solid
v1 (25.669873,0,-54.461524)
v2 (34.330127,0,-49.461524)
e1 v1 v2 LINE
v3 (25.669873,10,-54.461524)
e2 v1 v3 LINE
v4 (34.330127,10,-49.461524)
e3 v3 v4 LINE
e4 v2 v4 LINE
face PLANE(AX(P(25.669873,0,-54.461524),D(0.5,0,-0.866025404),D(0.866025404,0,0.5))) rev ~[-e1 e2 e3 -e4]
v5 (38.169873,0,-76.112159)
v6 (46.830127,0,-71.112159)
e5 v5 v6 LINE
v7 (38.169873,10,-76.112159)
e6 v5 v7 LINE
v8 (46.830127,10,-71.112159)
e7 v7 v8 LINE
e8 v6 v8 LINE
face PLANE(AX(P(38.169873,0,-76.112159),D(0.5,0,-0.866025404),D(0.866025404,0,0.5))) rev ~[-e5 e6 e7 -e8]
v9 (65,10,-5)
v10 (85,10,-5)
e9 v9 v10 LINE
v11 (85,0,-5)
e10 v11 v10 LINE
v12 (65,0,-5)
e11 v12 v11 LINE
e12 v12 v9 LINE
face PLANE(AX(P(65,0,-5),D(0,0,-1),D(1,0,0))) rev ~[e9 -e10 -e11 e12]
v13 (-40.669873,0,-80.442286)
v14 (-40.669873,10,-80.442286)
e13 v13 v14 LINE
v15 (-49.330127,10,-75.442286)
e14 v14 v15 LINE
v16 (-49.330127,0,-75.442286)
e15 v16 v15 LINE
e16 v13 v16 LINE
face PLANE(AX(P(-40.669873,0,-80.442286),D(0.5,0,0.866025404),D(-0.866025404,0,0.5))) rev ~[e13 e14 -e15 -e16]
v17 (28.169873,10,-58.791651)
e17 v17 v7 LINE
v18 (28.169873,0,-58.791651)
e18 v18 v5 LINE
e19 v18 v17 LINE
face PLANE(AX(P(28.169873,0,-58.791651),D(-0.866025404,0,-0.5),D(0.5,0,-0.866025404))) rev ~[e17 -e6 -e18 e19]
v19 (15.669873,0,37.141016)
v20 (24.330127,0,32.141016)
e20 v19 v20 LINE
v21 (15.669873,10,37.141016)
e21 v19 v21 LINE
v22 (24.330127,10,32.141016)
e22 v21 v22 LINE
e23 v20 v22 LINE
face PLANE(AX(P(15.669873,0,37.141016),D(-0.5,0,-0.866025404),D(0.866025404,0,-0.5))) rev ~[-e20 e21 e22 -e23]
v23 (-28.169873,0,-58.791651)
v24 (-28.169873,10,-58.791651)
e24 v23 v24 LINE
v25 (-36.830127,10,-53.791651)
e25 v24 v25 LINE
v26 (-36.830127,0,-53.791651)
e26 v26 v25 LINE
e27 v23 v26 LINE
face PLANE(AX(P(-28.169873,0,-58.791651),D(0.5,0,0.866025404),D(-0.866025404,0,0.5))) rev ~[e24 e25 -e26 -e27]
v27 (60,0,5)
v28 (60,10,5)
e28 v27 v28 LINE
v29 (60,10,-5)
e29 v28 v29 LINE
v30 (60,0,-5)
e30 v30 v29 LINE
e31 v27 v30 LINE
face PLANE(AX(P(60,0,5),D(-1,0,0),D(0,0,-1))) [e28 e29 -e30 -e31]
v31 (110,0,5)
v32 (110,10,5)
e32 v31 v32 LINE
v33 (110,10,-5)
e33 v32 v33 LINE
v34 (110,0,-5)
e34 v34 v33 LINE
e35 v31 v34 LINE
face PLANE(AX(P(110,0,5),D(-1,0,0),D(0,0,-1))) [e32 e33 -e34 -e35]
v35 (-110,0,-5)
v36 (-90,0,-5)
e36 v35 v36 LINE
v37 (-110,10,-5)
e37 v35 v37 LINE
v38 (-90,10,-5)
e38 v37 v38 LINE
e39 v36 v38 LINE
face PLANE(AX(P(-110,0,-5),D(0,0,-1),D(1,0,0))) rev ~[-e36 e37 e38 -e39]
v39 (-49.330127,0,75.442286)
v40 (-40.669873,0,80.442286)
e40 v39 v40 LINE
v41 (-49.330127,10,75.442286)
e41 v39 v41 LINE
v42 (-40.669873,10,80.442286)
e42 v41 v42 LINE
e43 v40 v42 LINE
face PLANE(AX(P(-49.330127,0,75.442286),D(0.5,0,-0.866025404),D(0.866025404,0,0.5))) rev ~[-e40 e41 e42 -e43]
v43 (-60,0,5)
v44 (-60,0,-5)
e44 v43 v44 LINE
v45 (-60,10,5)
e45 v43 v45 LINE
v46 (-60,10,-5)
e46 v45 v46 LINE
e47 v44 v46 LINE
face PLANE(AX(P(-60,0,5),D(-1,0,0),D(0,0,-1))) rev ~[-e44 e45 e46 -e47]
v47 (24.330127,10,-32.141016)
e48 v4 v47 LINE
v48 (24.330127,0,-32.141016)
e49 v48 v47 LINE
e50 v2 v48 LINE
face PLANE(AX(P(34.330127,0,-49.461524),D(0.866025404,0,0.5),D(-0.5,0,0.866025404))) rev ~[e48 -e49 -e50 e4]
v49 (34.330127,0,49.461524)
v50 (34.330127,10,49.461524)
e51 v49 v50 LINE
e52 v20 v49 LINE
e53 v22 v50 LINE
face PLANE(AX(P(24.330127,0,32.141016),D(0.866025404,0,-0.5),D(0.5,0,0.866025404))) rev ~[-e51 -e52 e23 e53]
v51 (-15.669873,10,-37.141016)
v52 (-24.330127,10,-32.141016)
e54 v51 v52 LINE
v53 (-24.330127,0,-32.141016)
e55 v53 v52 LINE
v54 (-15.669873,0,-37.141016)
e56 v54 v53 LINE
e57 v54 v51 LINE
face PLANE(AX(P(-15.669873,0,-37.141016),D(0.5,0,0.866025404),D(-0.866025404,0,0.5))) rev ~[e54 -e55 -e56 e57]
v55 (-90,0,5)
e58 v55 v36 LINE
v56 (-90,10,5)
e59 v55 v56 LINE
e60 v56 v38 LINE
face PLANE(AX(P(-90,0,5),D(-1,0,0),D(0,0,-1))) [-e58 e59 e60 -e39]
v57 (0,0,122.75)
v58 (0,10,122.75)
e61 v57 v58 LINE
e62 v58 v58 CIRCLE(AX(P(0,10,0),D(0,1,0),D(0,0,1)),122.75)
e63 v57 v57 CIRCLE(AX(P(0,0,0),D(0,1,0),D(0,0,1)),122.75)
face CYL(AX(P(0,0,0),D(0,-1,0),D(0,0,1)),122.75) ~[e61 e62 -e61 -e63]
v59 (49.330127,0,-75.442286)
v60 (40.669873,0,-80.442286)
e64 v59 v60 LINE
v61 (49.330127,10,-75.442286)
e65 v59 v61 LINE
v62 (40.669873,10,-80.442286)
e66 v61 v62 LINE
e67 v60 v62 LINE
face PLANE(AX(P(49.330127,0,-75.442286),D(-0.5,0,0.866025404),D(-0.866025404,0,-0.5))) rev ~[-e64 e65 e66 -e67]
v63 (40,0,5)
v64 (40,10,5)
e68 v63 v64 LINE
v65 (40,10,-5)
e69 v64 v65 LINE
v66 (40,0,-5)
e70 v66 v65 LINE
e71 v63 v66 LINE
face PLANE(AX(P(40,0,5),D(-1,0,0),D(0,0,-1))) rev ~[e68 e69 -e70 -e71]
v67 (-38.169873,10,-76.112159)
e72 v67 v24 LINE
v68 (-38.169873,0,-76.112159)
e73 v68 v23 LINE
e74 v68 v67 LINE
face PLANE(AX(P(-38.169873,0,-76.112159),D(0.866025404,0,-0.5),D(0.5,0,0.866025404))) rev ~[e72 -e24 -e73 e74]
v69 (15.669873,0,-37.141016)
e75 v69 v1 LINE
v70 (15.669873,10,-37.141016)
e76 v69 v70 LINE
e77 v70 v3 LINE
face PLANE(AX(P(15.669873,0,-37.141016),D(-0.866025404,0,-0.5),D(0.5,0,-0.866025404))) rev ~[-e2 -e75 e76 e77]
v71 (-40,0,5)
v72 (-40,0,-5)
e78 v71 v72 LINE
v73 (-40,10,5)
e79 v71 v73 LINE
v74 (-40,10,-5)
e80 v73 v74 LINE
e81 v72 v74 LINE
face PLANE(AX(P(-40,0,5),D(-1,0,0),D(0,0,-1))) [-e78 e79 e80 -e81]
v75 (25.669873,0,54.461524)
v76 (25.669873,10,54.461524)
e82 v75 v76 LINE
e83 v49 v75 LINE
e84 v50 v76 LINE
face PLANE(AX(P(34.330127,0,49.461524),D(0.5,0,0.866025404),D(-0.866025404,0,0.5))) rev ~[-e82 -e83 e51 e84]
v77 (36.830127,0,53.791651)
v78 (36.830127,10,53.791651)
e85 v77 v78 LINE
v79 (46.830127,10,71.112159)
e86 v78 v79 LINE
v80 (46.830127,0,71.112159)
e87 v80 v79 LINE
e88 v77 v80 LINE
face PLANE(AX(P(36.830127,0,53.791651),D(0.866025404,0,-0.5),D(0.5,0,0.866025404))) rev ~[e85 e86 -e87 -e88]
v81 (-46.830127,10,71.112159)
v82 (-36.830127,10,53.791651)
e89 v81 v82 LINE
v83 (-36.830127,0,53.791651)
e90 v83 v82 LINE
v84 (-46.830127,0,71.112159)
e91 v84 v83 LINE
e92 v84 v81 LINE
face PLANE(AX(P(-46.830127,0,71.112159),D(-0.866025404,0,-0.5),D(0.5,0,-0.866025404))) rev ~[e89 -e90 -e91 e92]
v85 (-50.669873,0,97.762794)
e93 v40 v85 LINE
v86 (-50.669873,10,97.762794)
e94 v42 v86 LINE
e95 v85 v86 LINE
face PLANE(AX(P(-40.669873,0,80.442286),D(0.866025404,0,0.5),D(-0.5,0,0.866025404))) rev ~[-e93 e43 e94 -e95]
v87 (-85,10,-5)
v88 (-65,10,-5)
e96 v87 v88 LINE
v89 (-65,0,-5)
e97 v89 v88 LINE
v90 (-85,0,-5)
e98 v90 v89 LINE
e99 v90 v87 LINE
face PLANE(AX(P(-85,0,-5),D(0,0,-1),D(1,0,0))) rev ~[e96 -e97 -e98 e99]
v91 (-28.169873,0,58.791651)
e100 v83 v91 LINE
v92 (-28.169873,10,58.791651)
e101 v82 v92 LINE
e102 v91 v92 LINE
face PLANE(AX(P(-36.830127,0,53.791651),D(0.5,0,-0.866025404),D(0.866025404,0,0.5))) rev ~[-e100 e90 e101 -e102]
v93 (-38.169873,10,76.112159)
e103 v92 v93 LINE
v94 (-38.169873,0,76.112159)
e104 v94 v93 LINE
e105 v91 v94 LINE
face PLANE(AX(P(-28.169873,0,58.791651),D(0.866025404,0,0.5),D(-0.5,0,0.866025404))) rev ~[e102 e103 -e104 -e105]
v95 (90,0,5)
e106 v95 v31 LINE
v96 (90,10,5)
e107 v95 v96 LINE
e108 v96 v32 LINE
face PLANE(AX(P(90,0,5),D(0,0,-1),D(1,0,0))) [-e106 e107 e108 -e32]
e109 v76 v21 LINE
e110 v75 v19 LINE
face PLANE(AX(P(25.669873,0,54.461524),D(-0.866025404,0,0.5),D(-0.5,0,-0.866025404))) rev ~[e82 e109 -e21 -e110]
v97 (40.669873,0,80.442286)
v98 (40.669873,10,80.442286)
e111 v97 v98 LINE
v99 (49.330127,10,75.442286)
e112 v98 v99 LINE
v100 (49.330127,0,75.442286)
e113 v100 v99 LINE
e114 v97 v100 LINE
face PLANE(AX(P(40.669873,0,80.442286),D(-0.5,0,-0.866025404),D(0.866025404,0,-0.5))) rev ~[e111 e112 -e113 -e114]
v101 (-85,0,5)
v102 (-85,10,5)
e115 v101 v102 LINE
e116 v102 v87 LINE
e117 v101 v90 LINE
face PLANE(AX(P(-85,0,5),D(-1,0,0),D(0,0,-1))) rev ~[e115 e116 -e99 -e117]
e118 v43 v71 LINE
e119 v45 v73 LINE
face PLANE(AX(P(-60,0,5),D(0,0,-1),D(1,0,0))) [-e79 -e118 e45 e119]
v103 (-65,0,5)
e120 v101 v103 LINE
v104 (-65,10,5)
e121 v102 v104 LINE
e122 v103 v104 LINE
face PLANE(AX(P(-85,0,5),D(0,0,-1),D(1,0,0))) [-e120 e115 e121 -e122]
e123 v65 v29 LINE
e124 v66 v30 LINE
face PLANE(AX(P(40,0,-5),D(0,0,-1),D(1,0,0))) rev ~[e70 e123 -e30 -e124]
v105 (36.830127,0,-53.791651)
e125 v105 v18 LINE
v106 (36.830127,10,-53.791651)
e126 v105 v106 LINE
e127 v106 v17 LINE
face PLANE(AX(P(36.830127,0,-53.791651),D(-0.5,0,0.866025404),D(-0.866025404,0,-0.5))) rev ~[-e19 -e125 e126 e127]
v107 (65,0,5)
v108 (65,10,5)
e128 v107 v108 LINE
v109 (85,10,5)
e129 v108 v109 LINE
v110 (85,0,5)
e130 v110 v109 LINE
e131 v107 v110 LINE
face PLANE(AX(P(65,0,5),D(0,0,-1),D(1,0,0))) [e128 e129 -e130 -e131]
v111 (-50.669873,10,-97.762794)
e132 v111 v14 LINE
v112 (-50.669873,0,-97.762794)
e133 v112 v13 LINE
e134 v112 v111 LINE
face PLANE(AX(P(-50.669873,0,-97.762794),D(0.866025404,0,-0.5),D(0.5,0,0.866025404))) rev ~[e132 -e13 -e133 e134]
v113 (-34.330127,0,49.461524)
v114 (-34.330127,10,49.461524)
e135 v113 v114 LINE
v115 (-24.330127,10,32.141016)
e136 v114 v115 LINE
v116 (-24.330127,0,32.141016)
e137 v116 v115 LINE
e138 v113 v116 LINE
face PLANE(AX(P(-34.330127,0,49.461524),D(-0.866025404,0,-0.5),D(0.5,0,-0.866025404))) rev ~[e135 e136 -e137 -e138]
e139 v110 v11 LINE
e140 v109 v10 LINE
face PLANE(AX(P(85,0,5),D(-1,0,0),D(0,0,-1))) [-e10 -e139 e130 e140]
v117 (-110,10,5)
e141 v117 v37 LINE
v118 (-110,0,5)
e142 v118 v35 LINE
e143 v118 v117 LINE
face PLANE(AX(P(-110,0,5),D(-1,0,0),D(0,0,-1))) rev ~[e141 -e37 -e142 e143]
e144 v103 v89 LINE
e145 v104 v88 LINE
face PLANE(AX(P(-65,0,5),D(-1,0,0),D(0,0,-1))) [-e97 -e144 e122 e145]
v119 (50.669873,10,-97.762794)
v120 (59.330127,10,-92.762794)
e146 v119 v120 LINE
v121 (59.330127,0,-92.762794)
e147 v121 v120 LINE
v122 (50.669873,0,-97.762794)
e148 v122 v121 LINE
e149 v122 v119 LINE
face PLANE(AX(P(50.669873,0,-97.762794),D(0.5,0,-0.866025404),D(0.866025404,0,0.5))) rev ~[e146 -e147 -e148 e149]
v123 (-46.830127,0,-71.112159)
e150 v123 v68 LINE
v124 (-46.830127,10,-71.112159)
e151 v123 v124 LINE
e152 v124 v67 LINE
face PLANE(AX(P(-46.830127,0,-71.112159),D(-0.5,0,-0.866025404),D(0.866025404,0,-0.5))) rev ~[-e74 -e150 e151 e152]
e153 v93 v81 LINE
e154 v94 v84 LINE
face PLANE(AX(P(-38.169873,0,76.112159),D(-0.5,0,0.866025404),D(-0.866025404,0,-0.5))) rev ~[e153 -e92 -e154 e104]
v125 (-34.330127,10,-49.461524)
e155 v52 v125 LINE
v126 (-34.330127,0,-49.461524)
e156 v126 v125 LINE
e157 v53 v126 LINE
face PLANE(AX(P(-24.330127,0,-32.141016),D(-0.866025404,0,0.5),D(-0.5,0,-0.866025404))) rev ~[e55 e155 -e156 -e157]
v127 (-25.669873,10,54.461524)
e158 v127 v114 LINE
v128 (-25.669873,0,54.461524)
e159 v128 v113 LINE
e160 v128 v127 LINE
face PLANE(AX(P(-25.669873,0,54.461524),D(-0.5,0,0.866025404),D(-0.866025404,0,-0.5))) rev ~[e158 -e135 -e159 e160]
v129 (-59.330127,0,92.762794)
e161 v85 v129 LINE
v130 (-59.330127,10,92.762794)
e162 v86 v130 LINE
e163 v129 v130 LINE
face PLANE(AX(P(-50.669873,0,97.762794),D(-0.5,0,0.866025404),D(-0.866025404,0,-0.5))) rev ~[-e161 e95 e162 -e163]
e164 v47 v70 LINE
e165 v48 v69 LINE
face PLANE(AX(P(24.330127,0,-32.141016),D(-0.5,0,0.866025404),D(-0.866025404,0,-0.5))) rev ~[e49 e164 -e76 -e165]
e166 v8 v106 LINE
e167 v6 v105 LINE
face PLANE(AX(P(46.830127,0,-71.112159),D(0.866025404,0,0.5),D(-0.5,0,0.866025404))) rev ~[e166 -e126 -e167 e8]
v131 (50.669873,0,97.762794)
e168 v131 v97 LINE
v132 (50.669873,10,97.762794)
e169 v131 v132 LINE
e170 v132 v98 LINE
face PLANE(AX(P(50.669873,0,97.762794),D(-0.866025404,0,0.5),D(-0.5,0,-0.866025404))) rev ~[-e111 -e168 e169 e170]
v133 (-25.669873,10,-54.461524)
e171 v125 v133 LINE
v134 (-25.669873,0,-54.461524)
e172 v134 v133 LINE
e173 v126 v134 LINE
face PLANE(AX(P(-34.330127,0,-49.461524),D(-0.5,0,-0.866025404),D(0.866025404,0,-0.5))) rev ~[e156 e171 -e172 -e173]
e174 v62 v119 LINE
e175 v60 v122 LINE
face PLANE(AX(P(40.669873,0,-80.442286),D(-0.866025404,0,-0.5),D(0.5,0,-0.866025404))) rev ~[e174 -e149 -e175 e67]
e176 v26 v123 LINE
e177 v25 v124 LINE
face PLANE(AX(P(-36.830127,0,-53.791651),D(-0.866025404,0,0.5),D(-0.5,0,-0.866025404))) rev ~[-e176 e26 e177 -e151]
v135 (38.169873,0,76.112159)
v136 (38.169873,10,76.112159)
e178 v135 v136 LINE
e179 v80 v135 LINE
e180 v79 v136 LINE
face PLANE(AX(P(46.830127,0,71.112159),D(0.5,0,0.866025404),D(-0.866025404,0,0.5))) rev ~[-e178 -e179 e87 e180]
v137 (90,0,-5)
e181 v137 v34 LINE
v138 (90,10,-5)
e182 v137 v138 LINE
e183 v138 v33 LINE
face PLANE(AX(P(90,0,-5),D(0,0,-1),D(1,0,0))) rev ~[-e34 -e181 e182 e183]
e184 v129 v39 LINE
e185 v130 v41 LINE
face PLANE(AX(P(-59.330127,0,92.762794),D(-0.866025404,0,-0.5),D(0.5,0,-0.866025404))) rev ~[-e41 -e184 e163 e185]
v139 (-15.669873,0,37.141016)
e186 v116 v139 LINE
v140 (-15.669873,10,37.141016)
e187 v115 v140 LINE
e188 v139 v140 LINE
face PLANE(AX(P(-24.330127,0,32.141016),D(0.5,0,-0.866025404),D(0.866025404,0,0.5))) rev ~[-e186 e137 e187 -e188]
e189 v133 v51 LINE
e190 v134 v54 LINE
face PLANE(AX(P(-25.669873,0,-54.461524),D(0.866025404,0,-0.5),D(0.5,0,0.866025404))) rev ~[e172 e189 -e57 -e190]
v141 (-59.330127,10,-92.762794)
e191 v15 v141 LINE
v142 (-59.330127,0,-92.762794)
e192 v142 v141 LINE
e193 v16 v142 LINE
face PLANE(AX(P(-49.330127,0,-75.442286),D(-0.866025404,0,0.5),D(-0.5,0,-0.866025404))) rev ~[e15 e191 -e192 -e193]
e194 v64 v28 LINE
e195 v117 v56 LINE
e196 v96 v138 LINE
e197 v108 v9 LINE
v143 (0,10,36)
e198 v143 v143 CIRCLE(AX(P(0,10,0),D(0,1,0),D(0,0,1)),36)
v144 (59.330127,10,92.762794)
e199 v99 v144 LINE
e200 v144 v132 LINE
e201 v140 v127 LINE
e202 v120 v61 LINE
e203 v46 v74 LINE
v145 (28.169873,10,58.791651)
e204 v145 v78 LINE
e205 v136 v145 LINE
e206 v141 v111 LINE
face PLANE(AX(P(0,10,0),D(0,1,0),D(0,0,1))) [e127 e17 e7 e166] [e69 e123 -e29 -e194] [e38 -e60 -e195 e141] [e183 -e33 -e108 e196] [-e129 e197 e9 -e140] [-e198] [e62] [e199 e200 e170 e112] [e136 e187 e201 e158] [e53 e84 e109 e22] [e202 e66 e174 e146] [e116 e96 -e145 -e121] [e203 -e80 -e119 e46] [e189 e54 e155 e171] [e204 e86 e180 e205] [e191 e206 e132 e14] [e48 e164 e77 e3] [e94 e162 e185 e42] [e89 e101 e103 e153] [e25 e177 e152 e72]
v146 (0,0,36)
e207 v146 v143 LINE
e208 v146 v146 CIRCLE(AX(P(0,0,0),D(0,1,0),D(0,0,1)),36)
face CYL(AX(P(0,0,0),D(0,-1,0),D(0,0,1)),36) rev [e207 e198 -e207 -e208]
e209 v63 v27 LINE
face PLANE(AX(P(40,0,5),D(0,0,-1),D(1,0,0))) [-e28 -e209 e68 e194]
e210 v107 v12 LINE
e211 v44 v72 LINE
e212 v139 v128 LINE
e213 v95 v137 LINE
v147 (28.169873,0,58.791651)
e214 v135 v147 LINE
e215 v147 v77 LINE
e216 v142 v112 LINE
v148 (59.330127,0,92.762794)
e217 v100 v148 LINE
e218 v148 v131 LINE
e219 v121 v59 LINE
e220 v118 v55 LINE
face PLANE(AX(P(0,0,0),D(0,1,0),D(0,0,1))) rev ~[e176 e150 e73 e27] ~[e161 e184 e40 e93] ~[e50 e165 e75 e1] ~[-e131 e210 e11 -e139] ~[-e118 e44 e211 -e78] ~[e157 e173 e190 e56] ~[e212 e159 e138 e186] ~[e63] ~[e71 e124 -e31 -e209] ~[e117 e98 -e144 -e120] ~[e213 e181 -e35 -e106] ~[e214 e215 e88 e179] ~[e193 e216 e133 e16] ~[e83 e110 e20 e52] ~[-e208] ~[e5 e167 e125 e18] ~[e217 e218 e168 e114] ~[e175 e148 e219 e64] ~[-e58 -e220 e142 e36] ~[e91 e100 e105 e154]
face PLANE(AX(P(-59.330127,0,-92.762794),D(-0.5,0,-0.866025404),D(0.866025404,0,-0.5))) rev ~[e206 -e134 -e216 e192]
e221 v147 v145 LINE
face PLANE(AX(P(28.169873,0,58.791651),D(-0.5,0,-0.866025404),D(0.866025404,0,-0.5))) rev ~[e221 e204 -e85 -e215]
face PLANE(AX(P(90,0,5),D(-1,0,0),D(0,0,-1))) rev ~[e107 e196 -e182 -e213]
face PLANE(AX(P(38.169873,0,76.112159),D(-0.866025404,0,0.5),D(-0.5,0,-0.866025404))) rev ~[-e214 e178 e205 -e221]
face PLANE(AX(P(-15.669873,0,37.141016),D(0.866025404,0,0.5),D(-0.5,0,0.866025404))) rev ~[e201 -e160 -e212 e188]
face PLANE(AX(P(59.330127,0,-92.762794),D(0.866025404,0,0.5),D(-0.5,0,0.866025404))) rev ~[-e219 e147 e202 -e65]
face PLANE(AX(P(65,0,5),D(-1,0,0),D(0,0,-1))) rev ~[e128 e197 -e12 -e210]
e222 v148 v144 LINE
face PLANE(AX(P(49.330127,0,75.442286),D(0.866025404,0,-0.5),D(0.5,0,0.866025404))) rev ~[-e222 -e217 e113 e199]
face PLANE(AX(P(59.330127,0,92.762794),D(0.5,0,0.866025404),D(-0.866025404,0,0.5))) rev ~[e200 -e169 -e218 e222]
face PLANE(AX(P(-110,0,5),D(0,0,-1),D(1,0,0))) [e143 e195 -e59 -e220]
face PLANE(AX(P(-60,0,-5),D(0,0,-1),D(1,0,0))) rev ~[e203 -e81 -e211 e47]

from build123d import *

# Parameters (mm, degrees)
SKETCH1_R           = 122.75
SKETCH1_R_2         = 36
SKETCH1_W           = 20
SKETCH1_H           = 10
BOSS_EXTRUDE1_DEPTH = 10


with BuildPart() as part:
    # Sketch1 → Boss-Extrude1 (new body)
    with BuildSketch(Plane(origin=(0, 0, 0), x_dir=(1, 0, 0), z_dir=(0, 1, 0))):
        Circle(SKETCH1_R)
        Circle(SKETCH1_R_2, mode=Mode.SUBTRACT)
        with Locations((75, 0)):
            Rectangle(SKETCH1_W, SKETCH1_H, mode=Mode.SUBTRACT)
        with Locations((50, 0)):
            Rectangle(SKETCH1_W, SKETCH1_H, mode=Mode.SUBTRACT)
        with Locations((100, 0)):
            Rectangle(SKETCH1_W, SKETCH1_H, mode=Mode.SUBTRACT)
        Polygon((15.669872981, -37.141016151), (24.330127019, -32.141016151), (34.330127019, -49.461524227), (25.669872981, -54.461524227), align=None, mode=Mode.SUBTRACT)
        Polygon((28.169872981, -58.791651246), (36.830127019, -53.791651246), (46.830127019, -71.112159322), (38.169872981, -76.112159322), align=None, mode=Mode.SUBTRACT)
        Polygon((40.669872981, -80.442286341), (49.330127019, -75.442286341), (59.330127019, -92.762794416), (50.669872981, -97.762794416), align=None, mode=Mode.SUBTRACT)
        Polygon((-24.330127019, -32.141016151), (-15.669872981, -37.141016151), (-25.669872981, -54.461524227), (-34.330127019, -49.461524227), align=None, mode=Mode.SUBTRACT)
        Polygon((-36.830127019, -53.791651246), (-28.169872981, -58.791651246), (-38.169872981, -76.112159322), (-46.830127019, -71.112159322), align=None, mode=Mode.SUBTRACT)
        Polygon((-49.330127019, -75.442286341), (-40.669872981, -80.442286341), (-50.669872981, -97.762794416), (-59.330127019, -92.762794416), align=None, mode=Mode.SUBTRACT)
        with Locations((-50, 0)):
            Rectangle(SKETCH1_W, SKETCH1_H, mode=Mode.SUBTRACT)
        with Locations((-75, 0)):
            Rectangle(SKETCH1_W, SKETCH1_H, mode=Mode.SUBTRACT)
        with Locations((-100, 0)):
            Rectangle(SKETCH1_W, SKETCH1_H, mode=Mode.SUBTRACT)
        Polygon((-15.669872981, 37.141016151), (-24.330127019, 32.141016151), (-34.330127019, 49.461524227), (-25.669872981, 54.461524227), align=None, mode=Mode.SUBTRACT)
        Polygon((-28.169872981, 58.791651246), (-36.830127019, 53.791651246), (-46.830127019, 71.112159322), (-38.169872981, 76.112159322), align=None, mode=Mode.SUBTRACT)
        Polygon((-40.669872981, 80.442286341), (-49.330127019, 75.442286341), (-59.330127019, 92.762794416), (-50.669872981, 97.762794416), align=None, mode=Mode.SUBTRACT)
        Polygon((24.330127019, 32.141016151), (15.669872981, 37.141016151), (25.669872981, 54.461524227), (34.330127019, 49.461524227), align=None, mode=Mode.SUBTRACT)
        Polygon((36.830127019, 53.791651246), (28.169872981, 58.791651246), (38.169872981, 76.112159322), (46.830127019, 71.112159322), align=None, mode=Mode.SUBTRACT)
        Polygon((49.330127019, 75.442286341), (40.669872981, 80.442286341), (50.669872981, 97.762794416), (59.330127019, 92.762794416), align=None, mode=Mode.SUBTRACT)
    extrude(amount=BOSS_EXTRUDE1_DEPTH)


solid = part.part
